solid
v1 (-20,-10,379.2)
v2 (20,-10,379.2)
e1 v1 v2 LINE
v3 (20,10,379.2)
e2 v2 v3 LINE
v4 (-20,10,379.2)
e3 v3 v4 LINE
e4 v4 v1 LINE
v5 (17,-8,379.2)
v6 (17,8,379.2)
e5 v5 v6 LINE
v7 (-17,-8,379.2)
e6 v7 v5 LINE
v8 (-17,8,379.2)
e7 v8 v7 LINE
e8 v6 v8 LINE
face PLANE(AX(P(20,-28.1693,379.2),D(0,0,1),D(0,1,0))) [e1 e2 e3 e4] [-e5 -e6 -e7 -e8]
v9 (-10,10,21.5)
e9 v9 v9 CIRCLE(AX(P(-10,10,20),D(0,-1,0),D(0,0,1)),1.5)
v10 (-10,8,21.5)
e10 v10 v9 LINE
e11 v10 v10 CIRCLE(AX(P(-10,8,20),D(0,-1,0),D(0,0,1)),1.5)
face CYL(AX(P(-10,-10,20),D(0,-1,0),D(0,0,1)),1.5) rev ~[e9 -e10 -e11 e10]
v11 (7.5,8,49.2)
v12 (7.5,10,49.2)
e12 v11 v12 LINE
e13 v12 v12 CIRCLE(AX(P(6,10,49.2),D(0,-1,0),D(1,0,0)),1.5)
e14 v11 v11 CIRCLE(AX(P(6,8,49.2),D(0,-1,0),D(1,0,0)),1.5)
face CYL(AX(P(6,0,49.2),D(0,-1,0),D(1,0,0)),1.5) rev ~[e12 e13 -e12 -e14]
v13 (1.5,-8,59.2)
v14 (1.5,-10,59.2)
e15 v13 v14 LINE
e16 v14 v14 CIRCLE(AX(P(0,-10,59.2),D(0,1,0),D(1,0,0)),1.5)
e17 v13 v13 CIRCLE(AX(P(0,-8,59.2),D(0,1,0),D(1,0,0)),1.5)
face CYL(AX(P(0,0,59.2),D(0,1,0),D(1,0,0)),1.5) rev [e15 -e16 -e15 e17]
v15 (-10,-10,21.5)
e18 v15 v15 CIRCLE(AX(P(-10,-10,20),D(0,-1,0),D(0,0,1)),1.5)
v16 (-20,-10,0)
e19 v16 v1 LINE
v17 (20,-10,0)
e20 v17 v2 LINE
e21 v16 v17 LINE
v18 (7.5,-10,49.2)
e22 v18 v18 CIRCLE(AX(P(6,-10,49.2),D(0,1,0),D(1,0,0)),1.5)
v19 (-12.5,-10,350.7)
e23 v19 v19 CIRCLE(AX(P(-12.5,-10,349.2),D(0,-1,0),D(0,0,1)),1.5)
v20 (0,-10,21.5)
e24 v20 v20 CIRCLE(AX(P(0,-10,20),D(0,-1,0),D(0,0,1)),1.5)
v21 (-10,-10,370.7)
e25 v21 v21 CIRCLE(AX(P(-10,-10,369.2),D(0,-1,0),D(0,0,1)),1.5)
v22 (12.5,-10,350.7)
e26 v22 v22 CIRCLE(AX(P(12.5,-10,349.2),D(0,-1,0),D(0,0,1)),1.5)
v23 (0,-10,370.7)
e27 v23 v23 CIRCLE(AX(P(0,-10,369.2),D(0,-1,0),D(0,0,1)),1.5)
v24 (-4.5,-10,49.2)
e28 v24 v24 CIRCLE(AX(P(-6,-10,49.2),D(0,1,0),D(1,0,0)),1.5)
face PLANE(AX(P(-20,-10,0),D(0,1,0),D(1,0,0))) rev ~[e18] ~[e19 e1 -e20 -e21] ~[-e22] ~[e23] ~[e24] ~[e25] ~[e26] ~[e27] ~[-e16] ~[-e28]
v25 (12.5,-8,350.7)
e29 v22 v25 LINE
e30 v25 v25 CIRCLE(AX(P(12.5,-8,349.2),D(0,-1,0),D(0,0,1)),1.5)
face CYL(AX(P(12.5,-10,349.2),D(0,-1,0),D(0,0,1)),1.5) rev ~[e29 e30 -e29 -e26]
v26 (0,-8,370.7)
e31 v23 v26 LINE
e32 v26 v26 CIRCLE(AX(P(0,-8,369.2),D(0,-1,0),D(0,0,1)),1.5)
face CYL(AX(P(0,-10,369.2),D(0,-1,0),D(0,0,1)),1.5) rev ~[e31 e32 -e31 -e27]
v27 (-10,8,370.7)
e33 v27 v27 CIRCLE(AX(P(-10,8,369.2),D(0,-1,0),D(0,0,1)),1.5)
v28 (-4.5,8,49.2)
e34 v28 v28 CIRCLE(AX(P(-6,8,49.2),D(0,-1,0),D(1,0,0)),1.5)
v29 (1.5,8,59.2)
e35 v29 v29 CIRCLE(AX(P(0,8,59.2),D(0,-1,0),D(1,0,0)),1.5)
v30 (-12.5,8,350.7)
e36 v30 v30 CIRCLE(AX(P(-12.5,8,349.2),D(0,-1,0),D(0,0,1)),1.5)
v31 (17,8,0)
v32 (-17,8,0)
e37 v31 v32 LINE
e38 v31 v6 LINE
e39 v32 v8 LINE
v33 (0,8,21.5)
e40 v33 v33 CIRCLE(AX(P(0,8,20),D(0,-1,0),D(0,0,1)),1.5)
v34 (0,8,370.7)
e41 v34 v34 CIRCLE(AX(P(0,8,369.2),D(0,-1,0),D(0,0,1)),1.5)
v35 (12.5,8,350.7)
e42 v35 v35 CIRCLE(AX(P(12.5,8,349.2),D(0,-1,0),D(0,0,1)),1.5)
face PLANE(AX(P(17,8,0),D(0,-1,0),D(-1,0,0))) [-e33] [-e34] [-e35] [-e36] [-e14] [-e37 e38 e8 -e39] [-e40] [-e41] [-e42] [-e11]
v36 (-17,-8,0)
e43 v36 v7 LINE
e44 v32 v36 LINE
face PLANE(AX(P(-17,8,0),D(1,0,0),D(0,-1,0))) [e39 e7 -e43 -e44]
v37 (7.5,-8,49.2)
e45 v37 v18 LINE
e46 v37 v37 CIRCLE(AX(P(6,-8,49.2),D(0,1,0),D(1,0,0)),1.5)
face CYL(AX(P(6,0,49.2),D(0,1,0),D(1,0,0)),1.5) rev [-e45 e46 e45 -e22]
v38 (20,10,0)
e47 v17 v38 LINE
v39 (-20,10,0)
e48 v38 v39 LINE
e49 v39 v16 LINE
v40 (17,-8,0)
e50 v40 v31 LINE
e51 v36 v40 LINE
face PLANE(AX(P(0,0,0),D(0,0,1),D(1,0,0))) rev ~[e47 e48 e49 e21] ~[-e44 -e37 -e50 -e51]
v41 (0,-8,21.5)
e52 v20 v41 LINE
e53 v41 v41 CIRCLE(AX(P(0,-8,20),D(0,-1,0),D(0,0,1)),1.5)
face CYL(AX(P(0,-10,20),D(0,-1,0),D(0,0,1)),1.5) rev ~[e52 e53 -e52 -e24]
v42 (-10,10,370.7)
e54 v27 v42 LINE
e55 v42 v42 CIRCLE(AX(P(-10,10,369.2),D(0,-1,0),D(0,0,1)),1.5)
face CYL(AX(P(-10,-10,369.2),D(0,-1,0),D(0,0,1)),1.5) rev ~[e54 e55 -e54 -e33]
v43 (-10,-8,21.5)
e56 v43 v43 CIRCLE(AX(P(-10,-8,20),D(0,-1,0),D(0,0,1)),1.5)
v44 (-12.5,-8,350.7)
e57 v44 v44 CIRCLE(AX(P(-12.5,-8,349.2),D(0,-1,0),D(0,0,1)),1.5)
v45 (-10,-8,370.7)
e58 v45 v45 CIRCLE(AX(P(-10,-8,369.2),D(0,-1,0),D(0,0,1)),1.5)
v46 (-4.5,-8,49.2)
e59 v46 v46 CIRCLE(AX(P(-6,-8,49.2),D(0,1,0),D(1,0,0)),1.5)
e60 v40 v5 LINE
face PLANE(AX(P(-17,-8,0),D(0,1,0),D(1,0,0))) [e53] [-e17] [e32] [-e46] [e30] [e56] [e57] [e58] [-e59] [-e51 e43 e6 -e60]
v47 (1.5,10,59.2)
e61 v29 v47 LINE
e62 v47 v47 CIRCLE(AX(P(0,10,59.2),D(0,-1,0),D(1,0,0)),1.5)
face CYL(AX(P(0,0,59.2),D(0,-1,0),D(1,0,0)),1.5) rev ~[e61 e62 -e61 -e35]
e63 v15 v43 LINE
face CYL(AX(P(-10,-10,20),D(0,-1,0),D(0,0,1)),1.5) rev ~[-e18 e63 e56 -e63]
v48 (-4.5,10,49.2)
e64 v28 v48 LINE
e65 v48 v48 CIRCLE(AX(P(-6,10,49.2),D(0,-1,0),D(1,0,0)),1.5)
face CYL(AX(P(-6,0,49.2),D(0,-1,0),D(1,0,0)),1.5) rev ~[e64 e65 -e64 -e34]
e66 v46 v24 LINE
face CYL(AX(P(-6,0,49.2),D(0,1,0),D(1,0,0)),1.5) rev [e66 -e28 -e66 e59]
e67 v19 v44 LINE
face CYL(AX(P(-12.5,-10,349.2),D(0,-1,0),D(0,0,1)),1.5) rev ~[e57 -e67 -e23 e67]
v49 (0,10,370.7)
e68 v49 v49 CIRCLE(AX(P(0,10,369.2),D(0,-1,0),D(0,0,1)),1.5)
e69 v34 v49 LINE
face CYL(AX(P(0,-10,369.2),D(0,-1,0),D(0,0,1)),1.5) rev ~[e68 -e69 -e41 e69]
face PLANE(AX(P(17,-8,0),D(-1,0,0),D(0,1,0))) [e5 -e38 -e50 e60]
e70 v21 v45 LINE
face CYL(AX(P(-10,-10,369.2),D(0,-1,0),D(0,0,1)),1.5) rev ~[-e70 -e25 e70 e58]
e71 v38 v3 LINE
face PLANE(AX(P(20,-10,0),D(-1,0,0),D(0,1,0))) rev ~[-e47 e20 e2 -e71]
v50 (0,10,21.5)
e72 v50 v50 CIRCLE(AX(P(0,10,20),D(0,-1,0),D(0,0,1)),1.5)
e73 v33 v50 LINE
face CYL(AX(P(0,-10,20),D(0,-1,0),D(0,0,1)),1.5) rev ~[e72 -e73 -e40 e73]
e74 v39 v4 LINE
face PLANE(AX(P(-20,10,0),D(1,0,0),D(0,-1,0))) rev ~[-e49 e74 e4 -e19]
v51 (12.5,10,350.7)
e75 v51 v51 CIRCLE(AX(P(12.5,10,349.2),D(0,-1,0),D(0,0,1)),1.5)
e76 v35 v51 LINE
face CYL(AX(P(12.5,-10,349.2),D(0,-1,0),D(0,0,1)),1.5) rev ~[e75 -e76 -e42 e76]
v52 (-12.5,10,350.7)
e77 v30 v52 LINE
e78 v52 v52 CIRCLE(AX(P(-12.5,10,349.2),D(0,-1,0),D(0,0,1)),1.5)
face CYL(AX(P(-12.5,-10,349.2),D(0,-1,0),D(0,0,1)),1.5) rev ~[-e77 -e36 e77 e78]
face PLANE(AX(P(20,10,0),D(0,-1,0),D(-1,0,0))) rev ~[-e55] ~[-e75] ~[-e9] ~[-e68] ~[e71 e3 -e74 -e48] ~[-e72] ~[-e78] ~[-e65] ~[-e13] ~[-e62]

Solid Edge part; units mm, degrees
sketch "Sketch1" plane through (0, 0, 0) normal (0, 0, 1) x (1, 0, 0)
  line L0 (-17, -8) -> (17, -8)
  line L1 (17, -8) -> (17, 8)
  line L2 (17, 8) -> (-17, 8)
  line L3 (-17, 8) -> (-17, -8)
  line L4 (-20, -10) -> (20, -10)
  line L5 (20, -10) -> (20, 10)
  line L6 (20, 10) -> (-20, 10)
  line L7 (-20, 10) -> (-20, -10)
  dimension "D1" = 40
  dimension "D2" = 20
  dimension "D3" = 20
  dimension "D4" = 10
  dimension "D5" = 10
  dimension "D6" = 34
  dimension "D7" = 17
  dimension "D8" = 16
  dimension "D9" = 8
extrude "Protrusion1" add sketch "Sketch1" along normal blind 500
sketch "Sketch2" plane through (0, 0, 0) normal (0, -1, 0) x (1, 0, 0)
  circle A0 centre (-6, 49.2) radius 1.5
  circle A1 centre (6, 49.2) radius 1.5
  circle A2 centre (0, 59.2) radius 1.5
  dimension "D1" = 59.2
  dimension "D2" = 6
  dimension "D3" = 6
  dimension "D4" = 10
extrude "ExtrudedCutout_1" cut sketch "Sketch2" along normal mid plane 184.7179
sketch "Sketch3" plane through (0, -10, 250) normal (0, -1, 0) x (0, 0, 1)
  circle A0 centre (-230, 10) radius 1.5
  circle A1 centre (-230, 0) radius 1.5
  dimension "D1" = 20
  dimension "D2" = 10
  dimension "D3" = 10
extrude "VaciadoExtruido_2" cut sketch "Sketch3" against normal blind 109.5957
sketch "Sketch4" plane through (0, -10, 250) normal (0, -1, 0) x (0, 0, 1)
  circle A0 centre (99.2, 12.5) radius 1.5
  circle A1 centre (99.2, -12.5) radius 1.5
  dimension "D1" = 349.2
  dimension "D2" = 3
  dimension "D3" = 25
extrude "VaciadoExtruido_3" cut sketch "Sketch4" along normal mid plane 772.9551
sketch "Sketch5" plane through (20, 0, 250) normal (1, 0, 0) x (0, 0, 1)
  line L0 (129.2, 28.1693) -> (129.2, -48.5485)
  line L1 (267.5229, -23.3945) -> (129.2, -48.5485)
  line L2 (267.5229, 33.3028) -> (267.5229, -23.3945)
  line L3 (129.2, 28.1693) -> (267.5229, 33.3028)
  dimension "D1" = 379.2
extrude "VaciadoExtruido_4" cut sketch "Sketch5" along normal mid plane 530
sketch "Sketch6" plane through (0, -10, 189.6) normal (0, -1, 0) x (0, 0, 1)
  circle A0 centre (179.6, 10) radius 1.5
  circle A1 centre (179.6, 0) radius 1.5
  dimension "D1" = 10
  dimension "D2" = 10
  dimension "D3" = 10
extrude "VaciadoExtruido_5" cut sketch "Sketch6" along normal mid plane 1696
